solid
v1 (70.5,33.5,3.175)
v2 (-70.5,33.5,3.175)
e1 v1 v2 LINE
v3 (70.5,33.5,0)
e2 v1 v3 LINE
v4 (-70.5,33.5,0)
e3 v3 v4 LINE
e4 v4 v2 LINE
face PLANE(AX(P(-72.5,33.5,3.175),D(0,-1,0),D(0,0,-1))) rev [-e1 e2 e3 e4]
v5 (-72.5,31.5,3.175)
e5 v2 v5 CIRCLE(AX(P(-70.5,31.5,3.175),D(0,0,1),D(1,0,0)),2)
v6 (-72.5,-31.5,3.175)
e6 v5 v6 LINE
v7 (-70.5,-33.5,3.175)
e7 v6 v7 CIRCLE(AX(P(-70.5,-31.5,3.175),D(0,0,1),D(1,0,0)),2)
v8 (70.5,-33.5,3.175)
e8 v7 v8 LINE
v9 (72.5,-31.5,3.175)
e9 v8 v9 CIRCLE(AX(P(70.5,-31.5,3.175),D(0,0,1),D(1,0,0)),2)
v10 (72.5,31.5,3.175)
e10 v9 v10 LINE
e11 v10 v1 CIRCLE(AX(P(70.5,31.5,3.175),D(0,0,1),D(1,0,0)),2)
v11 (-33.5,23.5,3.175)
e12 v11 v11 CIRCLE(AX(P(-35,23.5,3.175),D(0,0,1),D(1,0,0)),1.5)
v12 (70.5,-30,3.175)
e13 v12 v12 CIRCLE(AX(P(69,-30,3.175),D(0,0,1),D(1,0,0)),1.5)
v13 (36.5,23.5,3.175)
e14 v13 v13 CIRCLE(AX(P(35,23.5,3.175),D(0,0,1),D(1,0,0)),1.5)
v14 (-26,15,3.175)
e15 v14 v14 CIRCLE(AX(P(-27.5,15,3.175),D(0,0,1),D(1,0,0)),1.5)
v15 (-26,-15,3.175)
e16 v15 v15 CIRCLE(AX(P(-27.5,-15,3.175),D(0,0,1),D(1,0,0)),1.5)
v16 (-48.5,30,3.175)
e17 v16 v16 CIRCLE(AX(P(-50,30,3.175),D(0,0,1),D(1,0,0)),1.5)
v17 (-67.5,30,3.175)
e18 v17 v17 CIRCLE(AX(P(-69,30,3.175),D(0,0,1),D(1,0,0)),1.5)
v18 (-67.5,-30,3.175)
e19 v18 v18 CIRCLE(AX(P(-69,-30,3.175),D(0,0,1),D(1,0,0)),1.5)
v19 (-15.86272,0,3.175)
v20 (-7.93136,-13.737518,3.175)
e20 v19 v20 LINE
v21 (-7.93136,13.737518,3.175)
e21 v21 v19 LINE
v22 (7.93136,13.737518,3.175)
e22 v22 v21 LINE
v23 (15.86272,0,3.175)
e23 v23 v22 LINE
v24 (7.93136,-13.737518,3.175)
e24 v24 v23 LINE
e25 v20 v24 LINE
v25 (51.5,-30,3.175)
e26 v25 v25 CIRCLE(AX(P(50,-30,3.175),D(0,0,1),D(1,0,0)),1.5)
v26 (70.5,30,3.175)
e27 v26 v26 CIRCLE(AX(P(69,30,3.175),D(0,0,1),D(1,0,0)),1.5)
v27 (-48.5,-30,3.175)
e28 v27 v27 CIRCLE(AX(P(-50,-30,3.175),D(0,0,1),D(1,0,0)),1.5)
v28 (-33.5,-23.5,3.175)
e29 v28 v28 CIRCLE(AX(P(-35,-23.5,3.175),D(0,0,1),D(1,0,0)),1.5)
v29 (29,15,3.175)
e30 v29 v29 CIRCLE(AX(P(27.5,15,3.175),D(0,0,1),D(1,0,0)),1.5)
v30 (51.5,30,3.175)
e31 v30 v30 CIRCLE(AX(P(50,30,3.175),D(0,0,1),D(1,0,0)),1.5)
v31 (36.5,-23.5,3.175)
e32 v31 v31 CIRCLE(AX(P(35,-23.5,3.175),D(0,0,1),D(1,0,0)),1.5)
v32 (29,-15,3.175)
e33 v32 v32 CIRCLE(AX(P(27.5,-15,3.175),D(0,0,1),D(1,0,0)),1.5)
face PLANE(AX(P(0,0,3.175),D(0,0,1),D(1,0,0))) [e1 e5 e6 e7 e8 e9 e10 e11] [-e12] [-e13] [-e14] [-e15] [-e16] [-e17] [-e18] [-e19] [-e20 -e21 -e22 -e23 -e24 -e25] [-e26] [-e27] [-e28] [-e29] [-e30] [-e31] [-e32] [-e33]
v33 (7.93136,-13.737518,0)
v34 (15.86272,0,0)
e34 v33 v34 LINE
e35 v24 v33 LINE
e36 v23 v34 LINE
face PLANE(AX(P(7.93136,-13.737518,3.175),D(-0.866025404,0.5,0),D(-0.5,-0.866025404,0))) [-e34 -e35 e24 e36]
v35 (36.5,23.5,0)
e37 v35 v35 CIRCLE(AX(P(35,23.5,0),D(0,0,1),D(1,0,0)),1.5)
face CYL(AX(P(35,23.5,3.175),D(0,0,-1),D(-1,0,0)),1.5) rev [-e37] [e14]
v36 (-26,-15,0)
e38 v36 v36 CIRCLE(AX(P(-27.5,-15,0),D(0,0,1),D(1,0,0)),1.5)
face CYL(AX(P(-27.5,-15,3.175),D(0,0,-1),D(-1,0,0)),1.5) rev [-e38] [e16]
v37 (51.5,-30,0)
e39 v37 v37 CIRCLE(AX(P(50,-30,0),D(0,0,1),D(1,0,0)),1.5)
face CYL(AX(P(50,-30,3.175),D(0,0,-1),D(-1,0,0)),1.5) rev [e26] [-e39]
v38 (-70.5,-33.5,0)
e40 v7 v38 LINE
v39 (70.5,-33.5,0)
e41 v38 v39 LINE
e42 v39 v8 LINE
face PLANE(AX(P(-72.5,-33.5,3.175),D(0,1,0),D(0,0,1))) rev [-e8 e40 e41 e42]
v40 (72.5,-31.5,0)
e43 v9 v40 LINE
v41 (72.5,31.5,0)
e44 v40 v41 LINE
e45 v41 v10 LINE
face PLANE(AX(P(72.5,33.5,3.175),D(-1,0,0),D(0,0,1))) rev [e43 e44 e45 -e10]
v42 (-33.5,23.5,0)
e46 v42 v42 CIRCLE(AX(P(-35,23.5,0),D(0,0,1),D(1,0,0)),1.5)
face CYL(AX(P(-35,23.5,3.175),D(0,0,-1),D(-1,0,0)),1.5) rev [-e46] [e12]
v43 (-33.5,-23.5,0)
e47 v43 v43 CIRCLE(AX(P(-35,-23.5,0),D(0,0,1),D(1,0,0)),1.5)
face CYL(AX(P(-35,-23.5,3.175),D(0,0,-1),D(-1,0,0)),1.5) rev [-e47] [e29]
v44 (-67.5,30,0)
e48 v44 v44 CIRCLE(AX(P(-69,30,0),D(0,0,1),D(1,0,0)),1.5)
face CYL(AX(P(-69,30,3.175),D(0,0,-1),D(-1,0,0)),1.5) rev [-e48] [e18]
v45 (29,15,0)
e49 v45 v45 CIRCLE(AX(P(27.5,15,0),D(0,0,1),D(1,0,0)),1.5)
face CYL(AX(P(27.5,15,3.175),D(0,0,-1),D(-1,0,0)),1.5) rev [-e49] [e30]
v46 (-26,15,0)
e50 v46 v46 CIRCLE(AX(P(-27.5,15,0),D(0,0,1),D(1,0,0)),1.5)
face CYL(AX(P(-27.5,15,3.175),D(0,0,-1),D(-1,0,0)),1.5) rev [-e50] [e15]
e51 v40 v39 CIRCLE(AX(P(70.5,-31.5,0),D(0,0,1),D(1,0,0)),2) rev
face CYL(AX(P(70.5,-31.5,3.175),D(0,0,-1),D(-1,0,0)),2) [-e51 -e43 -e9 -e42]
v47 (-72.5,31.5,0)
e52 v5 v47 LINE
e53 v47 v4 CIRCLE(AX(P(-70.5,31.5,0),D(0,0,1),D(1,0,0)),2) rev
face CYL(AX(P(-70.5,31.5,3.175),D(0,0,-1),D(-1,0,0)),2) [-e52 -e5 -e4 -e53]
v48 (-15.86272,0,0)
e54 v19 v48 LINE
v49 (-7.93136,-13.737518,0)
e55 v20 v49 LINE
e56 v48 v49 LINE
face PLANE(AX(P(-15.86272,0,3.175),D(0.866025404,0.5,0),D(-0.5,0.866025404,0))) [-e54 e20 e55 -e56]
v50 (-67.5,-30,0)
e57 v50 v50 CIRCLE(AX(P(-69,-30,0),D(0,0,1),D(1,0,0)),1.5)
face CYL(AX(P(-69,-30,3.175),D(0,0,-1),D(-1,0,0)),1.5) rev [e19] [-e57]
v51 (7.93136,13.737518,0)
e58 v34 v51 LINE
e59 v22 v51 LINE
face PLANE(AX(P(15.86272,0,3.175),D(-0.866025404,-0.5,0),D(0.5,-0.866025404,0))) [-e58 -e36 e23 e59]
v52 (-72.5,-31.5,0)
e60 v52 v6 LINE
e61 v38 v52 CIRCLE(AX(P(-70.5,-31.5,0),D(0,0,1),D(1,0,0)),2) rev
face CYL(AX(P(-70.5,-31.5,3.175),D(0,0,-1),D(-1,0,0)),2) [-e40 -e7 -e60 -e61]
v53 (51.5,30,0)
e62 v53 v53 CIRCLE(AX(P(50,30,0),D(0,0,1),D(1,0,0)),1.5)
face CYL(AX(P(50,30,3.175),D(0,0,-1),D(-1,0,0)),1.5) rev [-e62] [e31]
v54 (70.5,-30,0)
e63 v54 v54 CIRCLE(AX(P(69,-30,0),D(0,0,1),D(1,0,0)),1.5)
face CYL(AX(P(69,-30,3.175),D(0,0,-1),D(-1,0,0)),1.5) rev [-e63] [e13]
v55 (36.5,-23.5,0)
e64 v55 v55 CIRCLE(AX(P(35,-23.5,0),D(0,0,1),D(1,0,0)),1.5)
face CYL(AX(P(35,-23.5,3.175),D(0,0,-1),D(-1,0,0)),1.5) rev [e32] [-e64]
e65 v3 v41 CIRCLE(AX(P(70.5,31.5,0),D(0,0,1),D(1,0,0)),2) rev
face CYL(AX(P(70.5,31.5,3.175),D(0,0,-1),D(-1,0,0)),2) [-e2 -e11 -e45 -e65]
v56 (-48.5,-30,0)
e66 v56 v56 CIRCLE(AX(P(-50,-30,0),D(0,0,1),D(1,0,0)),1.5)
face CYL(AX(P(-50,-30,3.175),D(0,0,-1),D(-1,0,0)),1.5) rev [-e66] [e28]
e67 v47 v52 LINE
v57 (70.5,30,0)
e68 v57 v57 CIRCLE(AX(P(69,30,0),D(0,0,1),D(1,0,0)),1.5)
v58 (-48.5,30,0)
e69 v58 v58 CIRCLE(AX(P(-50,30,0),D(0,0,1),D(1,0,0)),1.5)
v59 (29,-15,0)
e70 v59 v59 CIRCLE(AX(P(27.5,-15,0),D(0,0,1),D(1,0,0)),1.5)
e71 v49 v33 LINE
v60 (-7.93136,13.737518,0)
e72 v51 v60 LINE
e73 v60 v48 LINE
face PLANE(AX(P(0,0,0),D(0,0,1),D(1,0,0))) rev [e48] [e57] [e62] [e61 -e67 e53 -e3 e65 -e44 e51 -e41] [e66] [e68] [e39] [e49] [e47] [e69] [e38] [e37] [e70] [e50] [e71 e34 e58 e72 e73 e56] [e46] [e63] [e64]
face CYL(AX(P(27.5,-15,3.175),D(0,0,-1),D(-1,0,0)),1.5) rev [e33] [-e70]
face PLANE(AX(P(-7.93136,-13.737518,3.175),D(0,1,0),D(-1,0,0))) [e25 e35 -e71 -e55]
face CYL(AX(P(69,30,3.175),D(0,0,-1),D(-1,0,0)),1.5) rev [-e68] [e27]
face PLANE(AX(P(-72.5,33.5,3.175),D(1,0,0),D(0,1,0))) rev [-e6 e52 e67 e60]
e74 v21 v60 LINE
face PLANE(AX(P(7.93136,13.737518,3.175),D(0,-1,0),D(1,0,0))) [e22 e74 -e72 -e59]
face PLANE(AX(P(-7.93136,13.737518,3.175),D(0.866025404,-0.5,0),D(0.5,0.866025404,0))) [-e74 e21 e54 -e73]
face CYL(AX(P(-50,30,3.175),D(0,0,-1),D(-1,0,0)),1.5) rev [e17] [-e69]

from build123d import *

# Parameters (mm, degrees)
SKETCH1_W           = 145
SKETCH1_H           = 67
SKETCH1_R           = 1.5
BOSS_EXTRUDE1_DEPTH = 3.175
FILLET2_R           = 2


with BuildPart() as part:
    # Sketch1 → Boss-Extrude1 (new body)
    with BuildSketch(Plane.XY):
        Rectangle(SKETCH1_W, SKETCH1_H)
        with Locations((-35, 23.5)):
            Circle(SKETCH1_R, mode=Mode.SUBTRACT)
        with Locations((35, 23.5)):
            Circle(SKETCH1_R, mode=Mode.SUBTRACT)
        with Locations((35, -23.5)):
            Circle(SKETCH1_R, mode=Mode.SUBTRACT)
        with Locations((-35, -23.5)):
            Circle(SKETCH1_R, mode=Mode.SUBTRACT)
        with Locations((-27.5, 15)):
            Circle(SKETCH1_R, mode=Mode.SUBTRACT)
        with Locations((27.5, 15)):
            Circle(SKETCH1_R, mode=Mode.SUBTRACT)
        with Locations((27.5, -15)):
            Circle(SKETCH1_R, mode=Mode.SUBTRACT)
        with Locations((-27.5, -15)):
            Circle(SKETCH1_R, mode=Mode.SUBTRACT)
        with Locations((-69, 30)):
            Circle(SKETCH1_R, mode=Mode.SUBTRACT)
        with Locations((-50, 30)):
            Circle(SKETCH1_R, mode=Mode.SUBTRACT)
        with Locations((-50, -30)):
            Circle(SKETCH1_R, mode=Mode.SUBTRACT)
        with Locations((-69, -30)):
            Circle(SKETCH1_R, mode=Mode.SUBTRACT)
        with Locations((50, -30)):
            Circle(SKETCH1_R, mode=Mode.SUBTRACT)
        with Locations((69, -30)):
            Circle(SKETCH1_R, mode=Mode.SUBTRACT)
        with Locations((50, 30)):
            Circle(SKETCH1_R, mode=Mode.SUBTRACT)
        with Locations((69, 30)):
            Circle(SKETCH1_R, mode=Mode.SUBTRACT)
        Polygon((15.862719753, 0), (7.931359877, 13.737518279), (-7.931359877, 13.737518279), (-15.862719753, 0), (-7.931359877, -13.737518279), (7.931359877, -13.737518279), align=None, mode=Mode.SUBTRACT)
    extrude(amount=BOSS_EXTRUDE1_DEPTH)

    # Fillet2
    fillet2_edges = [part.edges().sort_by_distance(p)[0] for p in [
        (-72.5, 33.5, 1.5875),
        (72.5, 33.5, 1.5875),
        (72.5, -33.5, 1.5875),
        (-72.5, -33.5, 1.5875),
    ]]
    fillet(fillet2_edges, radius=FILLET2_R)


solid = part.part
